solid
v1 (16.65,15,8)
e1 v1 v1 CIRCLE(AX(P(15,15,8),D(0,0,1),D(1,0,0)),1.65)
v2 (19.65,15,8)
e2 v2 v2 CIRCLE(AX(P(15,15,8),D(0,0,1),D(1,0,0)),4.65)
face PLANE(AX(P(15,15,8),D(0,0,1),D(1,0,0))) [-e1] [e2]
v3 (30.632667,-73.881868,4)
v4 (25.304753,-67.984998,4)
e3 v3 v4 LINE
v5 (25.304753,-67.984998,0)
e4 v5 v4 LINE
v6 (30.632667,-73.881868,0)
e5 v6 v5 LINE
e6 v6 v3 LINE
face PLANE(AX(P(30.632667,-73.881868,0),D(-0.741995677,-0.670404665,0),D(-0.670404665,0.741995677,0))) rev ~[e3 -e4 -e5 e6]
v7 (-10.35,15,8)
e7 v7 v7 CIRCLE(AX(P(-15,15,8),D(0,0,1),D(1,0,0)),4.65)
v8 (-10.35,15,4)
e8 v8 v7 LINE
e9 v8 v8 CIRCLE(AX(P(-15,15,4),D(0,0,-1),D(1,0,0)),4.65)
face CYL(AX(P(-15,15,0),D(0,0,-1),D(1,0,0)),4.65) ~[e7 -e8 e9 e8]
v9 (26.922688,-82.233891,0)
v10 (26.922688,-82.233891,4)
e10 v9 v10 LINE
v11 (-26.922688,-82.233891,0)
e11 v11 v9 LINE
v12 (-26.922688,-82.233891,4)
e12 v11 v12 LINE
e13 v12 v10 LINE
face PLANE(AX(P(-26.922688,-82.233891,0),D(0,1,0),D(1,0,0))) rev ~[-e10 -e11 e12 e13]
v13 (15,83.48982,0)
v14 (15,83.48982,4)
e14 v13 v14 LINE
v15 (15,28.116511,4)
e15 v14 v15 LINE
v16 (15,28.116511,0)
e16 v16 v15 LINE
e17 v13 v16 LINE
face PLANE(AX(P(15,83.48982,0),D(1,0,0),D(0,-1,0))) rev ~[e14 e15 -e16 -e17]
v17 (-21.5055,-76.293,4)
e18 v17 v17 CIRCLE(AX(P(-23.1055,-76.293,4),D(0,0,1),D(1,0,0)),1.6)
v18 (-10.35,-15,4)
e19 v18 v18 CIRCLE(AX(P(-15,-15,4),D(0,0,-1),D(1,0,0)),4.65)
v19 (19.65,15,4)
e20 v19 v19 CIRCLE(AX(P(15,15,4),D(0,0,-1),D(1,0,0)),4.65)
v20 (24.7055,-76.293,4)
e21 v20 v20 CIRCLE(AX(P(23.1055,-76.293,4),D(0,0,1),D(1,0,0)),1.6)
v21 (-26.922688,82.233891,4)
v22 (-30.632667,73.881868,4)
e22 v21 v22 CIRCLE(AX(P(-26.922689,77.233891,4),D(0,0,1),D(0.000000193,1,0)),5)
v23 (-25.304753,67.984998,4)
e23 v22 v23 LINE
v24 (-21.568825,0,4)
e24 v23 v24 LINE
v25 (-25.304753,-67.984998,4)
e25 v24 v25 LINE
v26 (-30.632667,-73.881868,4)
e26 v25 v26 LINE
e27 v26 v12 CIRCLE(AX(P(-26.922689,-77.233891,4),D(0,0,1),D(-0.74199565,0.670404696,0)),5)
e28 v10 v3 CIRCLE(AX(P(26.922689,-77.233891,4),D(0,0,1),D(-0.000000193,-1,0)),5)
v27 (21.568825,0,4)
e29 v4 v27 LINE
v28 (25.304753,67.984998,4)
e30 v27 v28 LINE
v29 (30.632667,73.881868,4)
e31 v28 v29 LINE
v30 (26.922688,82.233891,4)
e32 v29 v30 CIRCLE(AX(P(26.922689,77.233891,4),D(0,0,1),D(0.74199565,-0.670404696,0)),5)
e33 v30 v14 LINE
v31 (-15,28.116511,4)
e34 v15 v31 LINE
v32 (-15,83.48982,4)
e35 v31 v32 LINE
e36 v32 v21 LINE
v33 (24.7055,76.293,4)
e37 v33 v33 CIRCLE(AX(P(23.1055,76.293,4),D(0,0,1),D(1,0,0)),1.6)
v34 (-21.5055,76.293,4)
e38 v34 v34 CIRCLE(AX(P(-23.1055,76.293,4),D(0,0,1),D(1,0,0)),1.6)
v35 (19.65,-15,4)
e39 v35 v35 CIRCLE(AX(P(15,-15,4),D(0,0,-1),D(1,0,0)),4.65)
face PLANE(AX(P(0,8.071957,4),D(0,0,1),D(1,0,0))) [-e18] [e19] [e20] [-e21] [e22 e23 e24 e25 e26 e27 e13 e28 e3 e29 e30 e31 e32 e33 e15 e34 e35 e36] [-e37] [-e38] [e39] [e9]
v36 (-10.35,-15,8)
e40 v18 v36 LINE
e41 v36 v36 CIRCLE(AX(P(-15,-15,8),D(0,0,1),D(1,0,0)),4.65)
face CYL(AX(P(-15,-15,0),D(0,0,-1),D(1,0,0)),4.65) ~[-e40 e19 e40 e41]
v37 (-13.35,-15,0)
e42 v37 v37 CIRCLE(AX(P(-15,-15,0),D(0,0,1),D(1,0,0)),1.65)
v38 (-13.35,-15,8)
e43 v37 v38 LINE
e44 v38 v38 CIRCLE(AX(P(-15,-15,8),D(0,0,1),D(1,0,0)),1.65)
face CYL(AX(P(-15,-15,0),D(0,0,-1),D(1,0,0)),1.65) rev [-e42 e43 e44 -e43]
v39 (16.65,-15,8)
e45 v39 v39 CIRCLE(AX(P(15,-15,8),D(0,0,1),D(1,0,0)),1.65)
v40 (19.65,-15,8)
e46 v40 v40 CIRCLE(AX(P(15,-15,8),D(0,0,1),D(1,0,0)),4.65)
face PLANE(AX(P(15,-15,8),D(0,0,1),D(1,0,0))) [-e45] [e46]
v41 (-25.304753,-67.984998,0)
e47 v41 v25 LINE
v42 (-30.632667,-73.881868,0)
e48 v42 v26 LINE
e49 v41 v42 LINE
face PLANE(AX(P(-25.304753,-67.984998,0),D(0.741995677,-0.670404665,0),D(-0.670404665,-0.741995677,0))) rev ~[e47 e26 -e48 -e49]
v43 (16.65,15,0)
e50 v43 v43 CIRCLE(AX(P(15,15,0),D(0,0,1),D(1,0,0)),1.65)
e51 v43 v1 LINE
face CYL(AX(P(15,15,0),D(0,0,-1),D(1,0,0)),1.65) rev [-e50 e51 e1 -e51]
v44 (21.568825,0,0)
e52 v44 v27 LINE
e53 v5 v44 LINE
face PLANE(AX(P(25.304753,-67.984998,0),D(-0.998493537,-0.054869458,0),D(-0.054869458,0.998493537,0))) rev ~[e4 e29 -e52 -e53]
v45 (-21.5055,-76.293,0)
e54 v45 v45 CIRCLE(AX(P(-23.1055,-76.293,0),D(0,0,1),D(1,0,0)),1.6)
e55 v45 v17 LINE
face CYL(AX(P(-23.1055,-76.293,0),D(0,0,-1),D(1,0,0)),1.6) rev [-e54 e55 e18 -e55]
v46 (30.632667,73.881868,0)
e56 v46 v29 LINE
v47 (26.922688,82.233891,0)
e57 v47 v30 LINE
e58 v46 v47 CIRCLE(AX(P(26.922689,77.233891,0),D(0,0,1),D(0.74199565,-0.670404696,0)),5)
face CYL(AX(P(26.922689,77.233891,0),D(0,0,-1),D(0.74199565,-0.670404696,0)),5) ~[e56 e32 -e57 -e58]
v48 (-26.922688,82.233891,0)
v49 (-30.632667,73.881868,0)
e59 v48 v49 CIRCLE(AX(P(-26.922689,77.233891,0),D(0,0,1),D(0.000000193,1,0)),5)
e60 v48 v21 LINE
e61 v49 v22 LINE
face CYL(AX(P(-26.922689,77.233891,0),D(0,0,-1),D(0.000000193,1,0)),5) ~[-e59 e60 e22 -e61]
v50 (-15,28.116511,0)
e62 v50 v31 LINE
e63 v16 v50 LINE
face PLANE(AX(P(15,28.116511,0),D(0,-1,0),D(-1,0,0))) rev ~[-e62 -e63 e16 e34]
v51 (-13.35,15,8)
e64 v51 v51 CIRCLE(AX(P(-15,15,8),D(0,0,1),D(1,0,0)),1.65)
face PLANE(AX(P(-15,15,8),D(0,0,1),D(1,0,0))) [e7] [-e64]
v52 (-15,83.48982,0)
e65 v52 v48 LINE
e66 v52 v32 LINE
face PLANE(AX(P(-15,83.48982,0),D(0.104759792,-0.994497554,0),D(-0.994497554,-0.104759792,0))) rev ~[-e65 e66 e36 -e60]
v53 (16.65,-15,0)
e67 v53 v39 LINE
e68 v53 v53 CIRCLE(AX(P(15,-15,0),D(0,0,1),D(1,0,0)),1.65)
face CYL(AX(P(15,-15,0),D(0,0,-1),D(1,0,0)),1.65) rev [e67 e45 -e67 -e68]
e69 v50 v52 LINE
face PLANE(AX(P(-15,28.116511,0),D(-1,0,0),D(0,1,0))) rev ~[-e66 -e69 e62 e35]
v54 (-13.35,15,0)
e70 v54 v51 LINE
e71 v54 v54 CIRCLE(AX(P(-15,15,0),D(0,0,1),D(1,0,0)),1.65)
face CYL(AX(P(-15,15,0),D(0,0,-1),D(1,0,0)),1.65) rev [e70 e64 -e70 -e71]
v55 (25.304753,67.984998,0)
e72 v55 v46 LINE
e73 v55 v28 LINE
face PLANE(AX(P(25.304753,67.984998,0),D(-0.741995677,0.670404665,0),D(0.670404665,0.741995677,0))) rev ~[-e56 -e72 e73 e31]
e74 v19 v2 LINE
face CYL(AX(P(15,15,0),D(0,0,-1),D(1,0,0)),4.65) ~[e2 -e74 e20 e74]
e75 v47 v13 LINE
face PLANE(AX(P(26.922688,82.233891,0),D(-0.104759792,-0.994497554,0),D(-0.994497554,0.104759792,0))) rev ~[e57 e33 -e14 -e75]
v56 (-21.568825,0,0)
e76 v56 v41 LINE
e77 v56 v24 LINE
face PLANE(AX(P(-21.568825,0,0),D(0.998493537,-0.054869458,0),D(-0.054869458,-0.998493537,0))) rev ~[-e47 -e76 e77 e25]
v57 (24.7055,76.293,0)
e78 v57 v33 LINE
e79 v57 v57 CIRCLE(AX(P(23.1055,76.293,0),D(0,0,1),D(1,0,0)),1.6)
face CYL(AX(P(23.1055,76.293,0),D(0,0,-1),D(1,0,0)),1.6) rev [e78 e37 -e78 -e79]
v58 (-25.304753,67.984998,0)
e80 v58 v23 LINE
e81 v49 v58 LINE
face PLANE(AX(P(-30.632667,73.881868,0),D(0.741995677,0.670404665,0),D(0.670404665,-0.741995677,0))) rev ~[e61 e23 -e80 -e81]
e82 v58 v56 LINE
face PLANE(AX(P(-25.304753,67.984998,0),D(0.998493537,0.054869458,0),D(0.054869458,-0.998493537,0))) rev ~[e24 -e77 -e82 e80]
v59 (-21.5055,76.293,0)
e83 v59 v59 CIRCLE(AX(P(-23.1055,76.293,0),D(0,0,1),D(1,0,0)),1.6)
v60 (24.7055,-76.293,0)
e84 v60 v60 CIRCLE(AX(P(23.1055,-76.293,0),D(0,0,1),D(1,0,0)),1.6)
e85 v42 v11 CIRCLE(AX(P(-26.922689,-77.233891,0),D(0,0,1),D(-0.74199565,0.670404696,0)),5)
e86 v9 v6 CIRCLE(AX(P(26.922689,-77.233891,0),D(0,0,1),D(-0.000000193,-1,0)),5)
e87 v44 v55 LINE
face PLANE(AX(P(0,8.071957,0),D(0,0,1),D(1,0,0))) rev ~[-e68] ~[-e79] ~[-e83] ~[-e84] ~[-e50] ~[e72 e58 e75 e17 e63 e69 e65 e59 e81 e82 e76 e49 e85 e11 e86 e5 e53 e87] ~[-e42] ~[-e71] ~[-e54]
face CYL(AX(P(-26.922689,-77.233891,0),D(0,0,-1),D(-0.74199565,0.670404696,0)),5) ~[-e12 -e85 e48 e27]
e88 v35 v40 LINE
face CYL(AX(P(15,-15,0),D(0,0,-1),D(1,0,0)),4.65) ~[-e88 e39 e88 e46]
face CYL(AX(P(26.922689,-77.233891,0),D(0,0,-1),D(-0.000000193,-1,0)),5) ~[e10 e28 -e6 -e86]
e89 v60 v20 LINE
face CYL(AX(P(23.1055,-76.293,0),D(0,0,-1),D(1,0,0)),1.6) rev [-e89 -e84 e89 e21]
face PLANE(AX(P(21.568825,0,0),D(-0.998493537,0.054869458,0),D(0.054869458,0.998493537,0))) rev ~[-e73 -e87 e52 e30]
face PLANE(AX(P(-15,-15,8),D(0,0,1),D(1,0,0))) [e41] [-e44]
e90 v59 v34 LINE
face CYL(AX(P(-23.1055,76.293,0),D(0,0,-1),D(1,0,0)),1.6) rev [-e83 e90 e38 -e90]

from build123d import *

# Parameters (mm, degrees)
F0_R     = 1.6
F0_R_2   = 1.65
F1_DEPTH = 4
F2_R     = 4.65
F2_R_2   = 1.65
F3_DEPTH = 8


with BuildPart() as f1:
    # F0 (on Top) → F1 (new body)
    with BuildSketch(Plane.XY):
        with BuildLine():
            Line((-25.304753, 67.984998), (-21.568825, 0))
            Line((-21.568825, 0), (-25.304753, -67.984998))
            Line((-25.304753, -67.984998), (-30.632667, -73.881868))
            ThreePointArc((-30.632667, -73.881868), (-31.492159, -79.263655), (-26.922688, -82.233891))
            Line((-26.922688, -82.233891), (0, -82.233891))
            Line((0, -82.233891), (26.922688, -82.233891))
            ThreePointArc((26.922688, -82.233891), (31.492159, -79.263655), (30.632667, -73.881868))
            Line((30.632667, -73.881868), (25.304753, -67.984998))
            Line((25.304753, -67.984998), (21.568825, 0))
            Line((21.568825, 0), (25.304753, 67.984998))
            Line((25.304753, 67.984998), (30.632667, 73.881868))
            ThreePointArc((30.632667, 73.881868), (31.492159, 79.263655), (26.922688, 82.233891))
            Line((26.922688, 82.233891), (15, 83.48982))
            Line((15, 83.48982), (15, 28.116511))
            Line((15, 28.116511), (0, 28.116511))
            Line((0, 28.116511), (-15, 28.116511))
            Line((-15, 28.116511), (-15, 83.48982))
            Line((-15, 83.48982), (-26.922688, 82.233891))
            ThreePointArc((-26.922688, 82.233891), (-31.492159, 79.263655), (-30.632667, 73.881868))
            Line((-30.632667, 73.881868), (-25.304753, 67.984998))
        make_face()
        with Locations((-23.1055, -76.293)):
            Circle(F0_R, mode=Mode.SUBTRACT)
        with Locations((-15, -15)):
            Circle(F0_R_2, mode=Mode.SUBTRACT)
        with Locations((23.1055, -76.293)):
            Circle(F0_R, mode=Mode.SUBTRACT)
        with Locations((15, -15)):
            Circle(F0_R_2, mode=Mode.SUBTRACT)
        with Locations((-15, 15)):
            Circle(F0_R_2, mode=Mode.SUBTRACT)
        with Locations((-23.1055, 76.293)):
            Circle(F0_R, mode=Mode.SUBTRACT)
        with Locations((15, 15)):
            Circle(F0_R_2, mode=Mode.SUBTRACT)
        with Locations((23.1055, 76.293)):
            Circle(F0_R, mode=Mode.SUBTRACT)
    extrude(amount=F1_DEPTH)

    # F2 (on Top) → F3 (join)
    with BuildSketch(Plane.XY):
        with Locations((-15, 15)):
            Circle(F2_R)
        with Locations((-15, 15)):
            Circle(F2_R_2, mode=Mode.SUBTRACT)
        with Locations((-15, -15)):
            Circle(F2_R)
        with Locations((-15, -15)):
            Circle(F2_R_2, mode=Mode.SUBTRACT)
        with Locations((15, 15)):
            Circle(F2_R)
        with Locations((15, 15)):
            Circle(F2_R_2, mode=Mode.SUBTRACT)
        with Locations((15, -15)):
            Circle(F2_R)
        with Locations((15, -15)):
            Circle(F2_R_2, mode=Mode.SUBTRACT)
    extrude(amount=F3_DEPTH)


solid = f1.part
